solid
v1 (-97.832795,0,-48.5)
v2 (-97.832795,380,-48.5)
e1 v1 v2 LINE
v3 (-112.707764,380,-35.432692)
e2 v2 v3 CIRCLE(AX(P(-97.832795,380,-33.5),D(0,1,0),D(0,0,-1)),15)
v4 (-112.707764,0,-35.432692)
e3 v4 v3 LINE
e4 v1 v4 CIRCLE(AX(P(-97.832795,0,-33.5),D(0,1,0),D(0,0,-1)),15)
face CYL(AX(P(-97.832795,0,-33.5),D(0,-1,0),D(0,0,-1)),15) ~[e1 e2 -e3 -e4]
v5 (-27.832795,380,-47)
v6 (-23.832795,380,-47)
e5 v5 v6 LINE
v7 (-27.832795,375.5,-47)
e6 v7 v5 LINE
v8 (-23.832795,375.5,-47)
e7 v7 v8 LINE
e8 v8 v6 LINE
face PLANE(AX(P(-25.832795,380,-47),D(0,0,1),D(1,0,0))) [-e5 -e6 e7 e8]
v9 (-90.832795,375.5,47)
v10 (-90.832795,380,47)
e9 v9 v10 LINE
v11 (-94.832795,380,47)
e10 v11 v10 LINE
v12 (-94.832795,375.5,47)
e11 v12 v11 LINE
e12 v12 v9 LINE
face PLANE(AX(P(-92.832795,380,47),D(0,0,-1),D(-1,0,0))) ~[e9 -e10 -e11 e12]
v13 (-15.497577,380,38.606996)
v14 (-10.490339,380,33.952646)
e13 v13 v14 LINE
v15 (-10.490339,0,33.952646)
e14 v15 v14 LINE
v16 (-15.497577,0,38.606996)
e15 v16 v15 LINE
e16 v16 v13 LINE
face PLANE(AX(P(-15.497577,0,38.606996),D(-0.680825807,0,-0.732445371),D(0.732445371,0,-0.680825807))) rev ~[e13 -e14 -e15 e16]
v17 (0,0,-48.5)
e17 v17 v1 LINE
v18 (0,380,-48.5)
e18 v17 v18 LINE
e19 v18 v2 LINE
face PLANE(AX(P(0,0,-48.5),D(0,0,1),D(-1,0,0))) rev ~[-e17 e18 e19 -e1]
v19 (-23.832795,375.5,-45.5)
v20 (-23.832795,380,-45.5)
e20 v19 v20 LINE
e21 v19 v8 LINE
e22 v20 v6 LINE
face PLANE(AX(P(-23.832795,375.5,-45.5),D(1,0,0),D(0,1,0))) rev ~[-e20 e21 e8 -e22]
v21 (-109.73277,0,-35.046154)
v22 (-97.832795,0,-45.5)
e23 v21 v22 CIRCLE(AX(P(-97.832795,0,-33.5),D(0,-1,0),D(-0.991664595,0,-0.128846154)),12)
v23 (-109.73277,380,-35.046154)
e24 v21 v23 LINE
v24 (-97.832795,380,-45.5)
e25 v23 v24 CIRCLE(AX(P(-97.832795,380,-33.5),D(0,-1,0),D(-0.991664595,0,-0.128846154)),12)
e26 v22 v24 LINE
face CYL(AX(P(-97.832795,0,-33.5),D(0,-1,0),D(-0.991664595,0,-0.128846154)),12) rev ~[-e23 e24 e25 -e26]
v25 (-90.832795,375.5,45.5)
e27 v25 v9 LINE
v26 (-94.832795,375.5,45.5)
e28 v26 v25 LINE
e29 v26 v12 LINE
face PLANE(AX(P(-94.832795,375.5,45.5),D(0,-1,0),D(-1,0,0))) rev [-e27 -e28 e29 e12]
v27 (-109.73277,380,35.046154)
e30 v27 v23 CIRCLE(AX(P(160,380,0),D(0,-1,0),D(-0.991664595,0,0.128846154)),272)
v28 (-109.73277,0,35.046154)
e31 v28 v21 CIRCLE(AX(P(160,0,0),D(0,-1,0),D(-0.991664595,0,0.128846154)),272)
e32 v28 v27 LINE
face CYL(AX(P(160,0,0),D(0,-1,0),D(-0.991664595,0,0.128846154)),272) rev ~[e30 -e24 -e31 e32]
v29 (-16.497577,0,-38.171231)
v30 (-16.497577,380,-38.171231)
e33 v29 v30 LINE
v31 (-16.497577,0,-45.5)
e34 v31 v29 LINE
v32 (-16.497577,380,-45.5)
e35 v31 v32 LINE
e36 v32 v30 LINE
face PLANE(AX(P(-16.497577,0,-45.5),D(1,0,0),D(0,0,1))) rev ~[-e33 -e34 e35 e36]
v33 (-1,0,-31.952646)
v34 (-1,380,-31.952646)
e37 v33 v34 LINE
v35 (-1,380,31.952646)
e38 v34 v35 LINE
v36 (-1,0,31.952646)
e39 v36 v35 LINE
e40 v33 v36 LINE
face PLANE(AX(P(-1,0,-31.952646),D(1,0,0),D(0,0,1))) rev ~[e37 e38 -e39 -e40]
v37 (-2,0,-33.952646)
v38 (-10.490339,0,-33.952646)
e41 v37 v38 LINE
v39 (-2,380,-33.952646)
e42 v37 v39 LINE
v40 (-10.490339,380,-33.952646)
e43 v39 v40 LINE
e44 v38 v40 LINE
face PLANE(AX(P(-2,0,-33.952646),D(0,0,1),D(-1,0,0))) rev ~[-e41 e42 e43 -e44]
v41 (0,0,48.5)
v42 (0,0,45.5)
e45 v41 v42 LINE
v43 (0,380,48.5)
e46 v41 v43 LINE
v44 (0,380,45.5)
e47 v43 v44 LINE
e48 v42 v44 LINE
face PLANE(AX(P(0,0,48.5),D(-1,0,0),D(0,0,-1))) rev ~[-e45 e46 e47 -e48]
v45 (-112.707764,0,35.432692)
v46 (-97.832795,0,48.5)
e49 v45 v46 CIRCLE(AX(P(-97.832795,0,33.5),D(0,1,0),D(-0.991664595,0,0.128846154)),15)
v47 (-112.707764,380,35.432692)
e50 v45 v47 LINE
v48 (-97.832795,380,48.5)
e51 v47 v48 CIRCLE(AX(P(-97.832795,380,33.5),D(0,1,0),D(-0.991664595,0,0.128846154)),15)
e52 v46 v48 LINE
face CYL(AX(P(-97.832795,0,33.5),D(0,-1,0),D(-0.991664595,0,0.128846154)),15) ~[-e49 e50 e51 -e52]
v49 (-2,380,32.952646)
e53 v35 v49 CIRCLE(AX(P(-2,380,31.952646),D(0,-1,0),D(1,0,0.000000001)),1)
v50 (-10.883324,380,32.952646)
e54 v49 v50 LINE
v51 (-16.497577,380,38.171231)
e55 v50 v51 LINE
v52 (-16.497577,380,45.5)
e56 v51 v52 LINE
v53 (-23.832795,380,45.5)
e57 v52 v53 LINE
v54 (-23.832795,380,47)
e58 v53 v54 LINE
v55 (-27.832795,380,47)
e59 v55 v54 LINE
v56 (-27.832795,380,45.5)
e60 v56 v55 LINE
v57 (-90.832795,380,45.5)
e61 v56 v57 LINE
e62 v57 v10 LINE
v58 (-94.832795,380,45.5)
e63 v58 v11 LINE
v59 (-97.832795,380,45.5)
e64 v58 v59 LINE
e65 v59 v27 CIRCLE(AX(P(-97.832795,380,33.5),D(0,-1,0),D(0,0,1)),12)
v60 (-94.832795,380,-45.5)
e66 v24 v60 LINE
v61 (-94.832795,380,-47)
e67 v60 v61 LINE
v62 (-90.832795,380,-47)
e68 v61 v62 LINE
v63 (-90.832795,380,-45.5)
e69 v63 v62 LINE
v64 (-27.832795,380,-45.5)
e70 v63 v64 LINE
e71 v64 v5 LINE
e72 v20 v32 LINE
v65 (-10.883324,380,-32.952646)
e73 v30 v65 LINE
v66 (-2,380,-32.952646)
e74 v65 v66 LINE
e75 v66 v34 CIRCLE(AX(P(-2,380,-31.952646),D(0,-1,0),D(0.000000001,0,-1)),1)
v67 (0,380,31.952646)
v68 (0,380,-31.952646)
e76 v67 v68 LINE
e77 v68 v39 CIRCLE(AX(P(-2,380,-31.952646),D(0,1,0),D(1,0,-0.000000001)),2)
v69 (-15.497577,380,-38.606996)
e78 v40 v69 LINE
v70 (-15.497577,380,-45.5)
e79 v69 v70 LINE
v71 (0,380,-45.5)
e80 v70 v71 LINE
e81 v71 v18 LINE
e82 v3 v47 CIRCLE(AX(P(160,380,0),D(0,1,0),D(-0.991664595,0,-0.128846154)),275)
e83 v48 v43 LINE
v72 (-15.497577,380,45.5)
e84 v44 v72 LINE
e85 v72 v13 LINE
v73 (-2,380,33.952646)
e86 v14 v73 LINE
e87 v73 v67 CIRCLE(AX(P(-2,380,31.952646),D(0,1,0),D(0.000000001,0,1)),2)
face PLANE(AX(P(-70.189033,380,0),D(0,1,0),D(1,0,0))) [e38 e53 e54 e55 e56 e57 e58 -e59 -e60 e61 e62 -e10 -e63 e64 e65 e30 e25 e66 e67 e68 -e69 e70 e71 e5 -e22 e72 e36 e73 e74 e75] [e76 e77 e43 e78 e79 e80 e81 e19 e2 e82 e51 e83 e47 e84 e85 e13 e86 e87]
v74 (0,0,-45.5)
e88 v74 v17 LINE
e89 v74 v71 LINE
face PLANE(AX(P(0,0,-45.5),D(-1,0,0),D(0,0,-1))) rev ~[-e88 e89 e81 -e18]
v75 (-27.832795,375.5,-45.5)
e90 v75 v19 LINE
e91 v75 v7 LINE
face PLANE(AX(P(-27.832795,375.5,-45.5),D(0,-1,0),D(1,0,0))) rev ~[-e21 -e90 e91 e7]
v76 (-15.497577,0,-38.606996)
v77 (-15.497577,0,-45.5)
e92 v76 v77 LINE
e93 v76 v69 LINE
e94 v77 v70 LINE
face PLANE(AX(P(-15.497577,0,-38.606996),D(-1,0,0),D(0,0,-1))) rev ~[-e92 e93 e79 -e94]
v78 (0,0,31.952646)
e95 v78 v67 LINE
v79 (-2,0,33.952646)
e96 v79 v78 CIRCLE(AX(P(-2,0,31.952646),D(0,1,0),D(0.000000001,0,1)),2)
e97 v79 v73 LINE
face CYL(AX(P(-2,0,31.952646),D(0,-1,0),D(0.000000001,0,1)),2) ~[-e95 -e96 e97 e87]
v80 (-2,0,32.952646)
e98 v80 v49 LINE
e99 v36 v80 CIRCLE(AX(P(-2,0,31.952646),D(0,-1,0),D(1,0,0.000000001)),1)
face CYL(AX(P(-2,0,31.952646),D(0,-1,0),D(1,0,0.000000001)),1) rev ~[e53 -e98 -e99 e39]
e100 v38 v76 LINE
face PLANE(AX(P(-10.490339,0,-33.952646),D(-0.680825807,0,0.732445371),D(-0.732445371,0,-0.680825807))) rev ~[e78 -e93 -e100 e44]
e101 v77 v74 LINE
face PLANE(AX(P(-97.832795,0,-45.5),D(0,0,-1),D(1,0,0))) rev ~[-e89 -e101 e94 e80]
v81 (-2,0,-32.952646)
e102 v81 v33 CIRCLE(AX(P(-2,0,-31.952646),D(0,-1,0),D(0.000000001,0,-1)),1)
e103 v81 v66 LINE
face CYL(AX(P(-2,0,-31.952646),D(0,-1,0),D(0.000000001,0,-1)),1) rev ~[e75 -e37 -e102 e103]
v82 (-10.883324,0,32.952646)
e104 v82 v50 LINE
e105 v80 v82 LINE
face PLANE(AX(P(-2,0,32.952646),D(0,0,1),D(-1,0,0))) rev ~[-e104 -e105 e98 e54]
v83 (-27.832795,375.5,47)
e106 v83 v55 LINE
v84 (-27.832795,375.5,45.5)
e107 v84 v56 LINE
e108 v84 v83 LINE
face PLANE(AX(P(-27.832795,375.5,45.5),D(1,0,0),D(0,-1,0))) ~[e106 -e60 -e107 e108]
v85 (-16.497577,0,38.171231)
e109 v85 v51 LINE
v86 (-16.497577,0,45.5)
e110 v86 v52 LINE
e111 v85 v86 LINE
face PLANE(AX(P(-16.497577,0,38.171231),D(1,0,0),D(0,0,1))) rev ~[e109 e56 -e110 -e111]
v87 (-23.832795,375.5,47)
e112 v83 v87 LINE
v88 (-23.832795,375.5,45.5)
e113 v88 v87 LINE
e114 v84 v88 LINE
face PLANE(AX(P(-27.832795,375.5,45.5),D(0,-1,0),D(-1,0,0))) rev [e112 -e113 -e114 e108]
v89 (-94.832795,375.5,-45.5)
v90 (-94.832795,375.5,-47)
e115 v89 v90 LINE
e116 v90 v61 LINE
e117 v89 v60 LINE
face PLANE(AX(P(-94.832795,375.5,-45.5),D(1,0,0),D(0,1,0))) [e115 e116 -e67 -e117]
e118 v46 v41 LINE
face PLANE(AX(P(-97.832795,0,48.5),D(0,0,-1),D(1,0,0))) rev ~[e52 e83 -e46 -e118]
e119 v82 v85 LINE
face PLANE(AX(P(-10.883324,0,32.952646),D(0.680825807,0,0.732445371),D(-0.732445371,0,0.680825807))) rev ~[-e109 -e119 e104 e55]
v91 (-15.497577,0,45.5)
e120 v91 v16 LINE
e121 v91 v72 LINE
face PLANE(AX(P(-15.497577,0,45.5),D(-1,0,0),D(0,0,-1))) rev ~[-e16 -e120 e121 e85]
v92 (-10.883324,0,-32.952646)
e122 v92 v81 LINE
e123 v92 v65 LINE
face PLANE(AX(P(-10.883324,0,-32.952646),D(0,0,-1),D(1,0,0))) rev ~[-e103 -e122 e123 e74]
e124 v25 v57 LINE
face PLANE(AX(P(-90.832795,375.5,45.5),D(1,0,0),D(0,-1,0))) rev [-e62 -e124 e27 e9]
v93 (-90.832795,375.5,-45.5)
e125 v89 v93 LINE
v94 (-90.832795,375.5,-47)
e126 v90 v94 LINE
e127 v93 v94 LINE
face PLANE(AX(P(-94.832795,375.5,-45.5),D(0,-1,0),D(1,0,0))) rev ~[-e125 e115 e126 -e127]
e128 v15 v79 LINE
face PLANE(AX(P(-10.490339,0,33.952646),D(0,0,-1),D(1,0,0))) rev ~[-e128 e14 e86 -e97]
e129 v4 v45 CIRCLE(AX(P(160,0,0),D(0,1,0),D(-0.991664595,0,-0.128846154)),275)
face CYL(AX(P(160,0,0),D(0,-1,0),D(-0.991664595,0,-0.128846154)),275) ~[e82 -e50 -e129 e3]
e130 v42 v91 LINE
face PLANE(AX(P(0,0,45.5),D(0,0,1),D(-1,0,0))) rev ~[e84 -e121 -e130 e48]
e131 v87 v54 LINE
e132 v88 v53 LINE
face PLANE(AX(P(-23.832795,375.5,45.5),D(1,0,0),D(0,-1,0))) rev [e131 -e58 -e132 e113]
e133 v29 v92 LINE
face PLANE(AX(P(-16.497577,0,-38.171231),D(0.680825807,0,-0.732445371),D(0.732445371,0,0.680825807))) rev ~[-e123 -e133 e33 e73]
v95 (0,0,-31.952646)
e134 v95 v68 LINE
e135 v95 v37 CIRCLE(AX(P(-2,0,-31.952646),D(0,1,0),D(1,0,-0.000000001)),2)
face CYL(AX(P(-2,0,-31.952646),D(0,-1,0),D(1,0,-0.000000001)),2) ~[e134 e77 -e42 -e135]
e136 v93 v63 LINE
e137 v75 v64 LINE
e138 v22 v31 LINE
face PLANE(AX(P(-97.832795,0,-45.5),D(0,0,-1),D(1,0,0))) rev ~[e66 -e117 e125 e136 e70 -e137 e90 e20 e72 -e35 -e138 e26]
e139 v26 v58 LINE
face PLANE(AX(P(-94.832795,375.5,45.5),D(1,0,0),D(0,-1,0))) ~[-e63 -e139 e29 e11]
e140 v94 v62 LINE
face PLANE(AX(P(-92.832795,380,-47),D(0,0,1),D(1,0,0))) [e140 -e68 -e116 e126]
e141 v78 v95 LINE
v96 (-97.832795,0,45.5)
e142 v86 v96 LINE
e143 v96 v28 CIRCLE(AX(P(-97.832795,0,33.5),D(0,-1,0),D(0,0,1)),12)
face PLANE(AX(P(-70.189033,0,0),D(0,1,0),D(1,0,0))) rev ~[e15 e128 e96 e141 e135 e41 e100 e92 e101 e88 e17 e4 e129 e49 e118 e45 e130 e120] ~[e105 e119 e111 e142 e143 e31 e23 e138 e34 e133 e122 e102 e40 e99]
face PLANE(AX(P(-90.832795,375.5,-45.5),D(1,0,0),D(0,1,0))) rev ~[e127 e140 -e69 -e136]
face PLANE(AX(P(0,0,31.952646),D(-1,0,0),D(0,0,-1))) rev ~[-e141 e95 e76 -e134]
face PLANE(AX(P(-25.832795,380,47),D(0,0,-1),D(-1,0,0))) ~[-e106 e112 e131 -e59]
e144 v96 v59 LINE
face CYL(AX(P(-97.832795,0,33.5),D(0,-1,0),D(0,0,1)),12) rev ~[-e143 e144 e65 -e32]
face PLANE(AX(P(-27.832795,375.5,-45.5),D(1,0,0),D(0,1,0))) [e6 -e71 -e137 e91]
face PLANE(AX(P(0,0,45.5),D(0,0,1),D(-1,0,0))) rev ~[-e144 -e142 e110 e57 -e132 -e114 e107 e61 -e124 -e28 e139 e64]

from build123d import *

# Parameters (mm, degrees)
BOSS_EXTRUDE1_DEPTH = 380
SKETCH2_W           = 4
SKETCH2_H           = 9
CUT_EXTRUDE1_DEPTH  = 1.5
BOSS_EXTRUDE2_DEPTH = 380


with BuildPart() as part:
    # Sketch1 → Boss-Extrude1 (new body)
    with BuildSketch(Plane(origin=(0, 0, 0), x_dir=(1, 0, 0), z_dir=(0, 1, 0))):
        with BuildLine():
            Line((0, 48.5), (-97.832794656, 48.5))
            ThreePointArc((-97.832794656, 48.5), (-107.732532415, 44.769214361), (-112.707763578, 35.432692308))
            ThreePointArc((-112.707763578, 35.432692308), (-115, 0), (-112.707763578, -35.432692308))
            ThreePointArc((-112.707763578, -35.432692308), (-107.732532415, -44.769214361), (-97.832794656, -48.5))
            Line((-97.832794656, -48.5), (0, -48.5))
            Line((0, -48.5), (0, -45.5))
            Line((0, -45.5), (-97.832794656, -45.5))
            ThreePointArc((-97.832794656, -45.5), (-105.752584863, -42.515371489), (-109.732769794, -35.046153846))
            ThreePointArc((-109.732769794, -35.046153846), (-112, 0), (-109.732769794, 35.046153846))
            ThreePointArc((-109.732769794, 35.046153846), (-105.752584863, 42.515371489), (-97.832794656, 45.5))
            Line((-97.832794656, 45.5), (0, 45.5))
            Line((0, 45.5), (0, 48.5))
        make_face()
    extrude(amount=BOSS_EXTRUDE1_DEPTH)

    # Sketch2 → Cut-Extrude1 (cut)
    with BuildSketch(Plane.XY.offset(-45.5)):
        with Locations((-92.832794656, 380)):
            Rectangle(SKETCH2_W, SKETCH2_H)
        with Locations((-25.832794656, 380)):
            Rectangle(SKETCH2_W, SKETCH2_H)
    cut_extrude1 = extrude(amount=-CUT_EXTRUDE1_DEPTH, mode=Mode.SUBTRACT)

    # Mirror1: Cut-Extrude1 across plane
    add(cut_extrude1.mirror(Plane.XY), mode=Mode.SUBTRACT)

    # Sketch3 → Boss-Extrude2 (add)
    with BuildSketch(Plane(origin=(0, 0, 0), x_dir=(1, 0, 0), z_dir=(0, 1, 0))):
        with BuildLine():
            Line((0, 0), (0, 31.952645856))
            ThreePointArc((0, 31.952645856), (-0.585786438, 33.366859418), (-2, 33.952645856))
            Line((-2, 33.952645856), (-10.490338609, 33.952645856))
            Line((-10.490338609, 33.952645856), (-15.497576902, 38.606995774))
            Line((-15.497576902, 38.606995774), (-15.497576902, 45.5))
            Line((-15.497576902, 45.5), (-16.497576902, 45.5))
            Line((-16.497576902, 45.5), (-16.497576902, 38.171230588))
            Line((-16.497576902, 38.171230588), (-10.88332405, 32.952645856))
            Line((-10.88332405, 32.952645856), (-2, 32.952645856))
            ThreePointArc((-2, 32.952645856), (-1.292893219, 32.659752637), (-1, 31.952645856))
            Line((-1, 31.952645856), (-1, 0))
            Line((-1, 0), (-1, -31.952645856))
            ThreePointArc((-1, -31.952645856), (-1.292893219, -32.659752637), (-2, -32.952645856))
            Line((-2, -32.952645856), (-10.88332405, -32.952645856))
            Line((-10.88332405, -32.952645856), (-16.497576902, -38.171230588))
            Line((-16.497576902, -38.171230588), (-16.497576902, -45.5))
            Line((-16.497576902, -45.5), (-15.497576902, -45.5))
            Line((-15.497576902, -45.5), (-15.497576902, -38.606995774))
            Line((-15.497576902, -38.606995774), (-10.490338609, -33.952645856))
            Line((-10.490338609, -33.952645856), (-2, -33.952645856))
            ThreePointArc((-2, -33.952645856), (-0.585786438, -33.366859418), (0, -31.952645856))
            Line((0, -31.952645856), (0, 0))
        make_face()
    extrude(amount=BOSS_EXTRUDE2_DEPTH)


solid = part.part
